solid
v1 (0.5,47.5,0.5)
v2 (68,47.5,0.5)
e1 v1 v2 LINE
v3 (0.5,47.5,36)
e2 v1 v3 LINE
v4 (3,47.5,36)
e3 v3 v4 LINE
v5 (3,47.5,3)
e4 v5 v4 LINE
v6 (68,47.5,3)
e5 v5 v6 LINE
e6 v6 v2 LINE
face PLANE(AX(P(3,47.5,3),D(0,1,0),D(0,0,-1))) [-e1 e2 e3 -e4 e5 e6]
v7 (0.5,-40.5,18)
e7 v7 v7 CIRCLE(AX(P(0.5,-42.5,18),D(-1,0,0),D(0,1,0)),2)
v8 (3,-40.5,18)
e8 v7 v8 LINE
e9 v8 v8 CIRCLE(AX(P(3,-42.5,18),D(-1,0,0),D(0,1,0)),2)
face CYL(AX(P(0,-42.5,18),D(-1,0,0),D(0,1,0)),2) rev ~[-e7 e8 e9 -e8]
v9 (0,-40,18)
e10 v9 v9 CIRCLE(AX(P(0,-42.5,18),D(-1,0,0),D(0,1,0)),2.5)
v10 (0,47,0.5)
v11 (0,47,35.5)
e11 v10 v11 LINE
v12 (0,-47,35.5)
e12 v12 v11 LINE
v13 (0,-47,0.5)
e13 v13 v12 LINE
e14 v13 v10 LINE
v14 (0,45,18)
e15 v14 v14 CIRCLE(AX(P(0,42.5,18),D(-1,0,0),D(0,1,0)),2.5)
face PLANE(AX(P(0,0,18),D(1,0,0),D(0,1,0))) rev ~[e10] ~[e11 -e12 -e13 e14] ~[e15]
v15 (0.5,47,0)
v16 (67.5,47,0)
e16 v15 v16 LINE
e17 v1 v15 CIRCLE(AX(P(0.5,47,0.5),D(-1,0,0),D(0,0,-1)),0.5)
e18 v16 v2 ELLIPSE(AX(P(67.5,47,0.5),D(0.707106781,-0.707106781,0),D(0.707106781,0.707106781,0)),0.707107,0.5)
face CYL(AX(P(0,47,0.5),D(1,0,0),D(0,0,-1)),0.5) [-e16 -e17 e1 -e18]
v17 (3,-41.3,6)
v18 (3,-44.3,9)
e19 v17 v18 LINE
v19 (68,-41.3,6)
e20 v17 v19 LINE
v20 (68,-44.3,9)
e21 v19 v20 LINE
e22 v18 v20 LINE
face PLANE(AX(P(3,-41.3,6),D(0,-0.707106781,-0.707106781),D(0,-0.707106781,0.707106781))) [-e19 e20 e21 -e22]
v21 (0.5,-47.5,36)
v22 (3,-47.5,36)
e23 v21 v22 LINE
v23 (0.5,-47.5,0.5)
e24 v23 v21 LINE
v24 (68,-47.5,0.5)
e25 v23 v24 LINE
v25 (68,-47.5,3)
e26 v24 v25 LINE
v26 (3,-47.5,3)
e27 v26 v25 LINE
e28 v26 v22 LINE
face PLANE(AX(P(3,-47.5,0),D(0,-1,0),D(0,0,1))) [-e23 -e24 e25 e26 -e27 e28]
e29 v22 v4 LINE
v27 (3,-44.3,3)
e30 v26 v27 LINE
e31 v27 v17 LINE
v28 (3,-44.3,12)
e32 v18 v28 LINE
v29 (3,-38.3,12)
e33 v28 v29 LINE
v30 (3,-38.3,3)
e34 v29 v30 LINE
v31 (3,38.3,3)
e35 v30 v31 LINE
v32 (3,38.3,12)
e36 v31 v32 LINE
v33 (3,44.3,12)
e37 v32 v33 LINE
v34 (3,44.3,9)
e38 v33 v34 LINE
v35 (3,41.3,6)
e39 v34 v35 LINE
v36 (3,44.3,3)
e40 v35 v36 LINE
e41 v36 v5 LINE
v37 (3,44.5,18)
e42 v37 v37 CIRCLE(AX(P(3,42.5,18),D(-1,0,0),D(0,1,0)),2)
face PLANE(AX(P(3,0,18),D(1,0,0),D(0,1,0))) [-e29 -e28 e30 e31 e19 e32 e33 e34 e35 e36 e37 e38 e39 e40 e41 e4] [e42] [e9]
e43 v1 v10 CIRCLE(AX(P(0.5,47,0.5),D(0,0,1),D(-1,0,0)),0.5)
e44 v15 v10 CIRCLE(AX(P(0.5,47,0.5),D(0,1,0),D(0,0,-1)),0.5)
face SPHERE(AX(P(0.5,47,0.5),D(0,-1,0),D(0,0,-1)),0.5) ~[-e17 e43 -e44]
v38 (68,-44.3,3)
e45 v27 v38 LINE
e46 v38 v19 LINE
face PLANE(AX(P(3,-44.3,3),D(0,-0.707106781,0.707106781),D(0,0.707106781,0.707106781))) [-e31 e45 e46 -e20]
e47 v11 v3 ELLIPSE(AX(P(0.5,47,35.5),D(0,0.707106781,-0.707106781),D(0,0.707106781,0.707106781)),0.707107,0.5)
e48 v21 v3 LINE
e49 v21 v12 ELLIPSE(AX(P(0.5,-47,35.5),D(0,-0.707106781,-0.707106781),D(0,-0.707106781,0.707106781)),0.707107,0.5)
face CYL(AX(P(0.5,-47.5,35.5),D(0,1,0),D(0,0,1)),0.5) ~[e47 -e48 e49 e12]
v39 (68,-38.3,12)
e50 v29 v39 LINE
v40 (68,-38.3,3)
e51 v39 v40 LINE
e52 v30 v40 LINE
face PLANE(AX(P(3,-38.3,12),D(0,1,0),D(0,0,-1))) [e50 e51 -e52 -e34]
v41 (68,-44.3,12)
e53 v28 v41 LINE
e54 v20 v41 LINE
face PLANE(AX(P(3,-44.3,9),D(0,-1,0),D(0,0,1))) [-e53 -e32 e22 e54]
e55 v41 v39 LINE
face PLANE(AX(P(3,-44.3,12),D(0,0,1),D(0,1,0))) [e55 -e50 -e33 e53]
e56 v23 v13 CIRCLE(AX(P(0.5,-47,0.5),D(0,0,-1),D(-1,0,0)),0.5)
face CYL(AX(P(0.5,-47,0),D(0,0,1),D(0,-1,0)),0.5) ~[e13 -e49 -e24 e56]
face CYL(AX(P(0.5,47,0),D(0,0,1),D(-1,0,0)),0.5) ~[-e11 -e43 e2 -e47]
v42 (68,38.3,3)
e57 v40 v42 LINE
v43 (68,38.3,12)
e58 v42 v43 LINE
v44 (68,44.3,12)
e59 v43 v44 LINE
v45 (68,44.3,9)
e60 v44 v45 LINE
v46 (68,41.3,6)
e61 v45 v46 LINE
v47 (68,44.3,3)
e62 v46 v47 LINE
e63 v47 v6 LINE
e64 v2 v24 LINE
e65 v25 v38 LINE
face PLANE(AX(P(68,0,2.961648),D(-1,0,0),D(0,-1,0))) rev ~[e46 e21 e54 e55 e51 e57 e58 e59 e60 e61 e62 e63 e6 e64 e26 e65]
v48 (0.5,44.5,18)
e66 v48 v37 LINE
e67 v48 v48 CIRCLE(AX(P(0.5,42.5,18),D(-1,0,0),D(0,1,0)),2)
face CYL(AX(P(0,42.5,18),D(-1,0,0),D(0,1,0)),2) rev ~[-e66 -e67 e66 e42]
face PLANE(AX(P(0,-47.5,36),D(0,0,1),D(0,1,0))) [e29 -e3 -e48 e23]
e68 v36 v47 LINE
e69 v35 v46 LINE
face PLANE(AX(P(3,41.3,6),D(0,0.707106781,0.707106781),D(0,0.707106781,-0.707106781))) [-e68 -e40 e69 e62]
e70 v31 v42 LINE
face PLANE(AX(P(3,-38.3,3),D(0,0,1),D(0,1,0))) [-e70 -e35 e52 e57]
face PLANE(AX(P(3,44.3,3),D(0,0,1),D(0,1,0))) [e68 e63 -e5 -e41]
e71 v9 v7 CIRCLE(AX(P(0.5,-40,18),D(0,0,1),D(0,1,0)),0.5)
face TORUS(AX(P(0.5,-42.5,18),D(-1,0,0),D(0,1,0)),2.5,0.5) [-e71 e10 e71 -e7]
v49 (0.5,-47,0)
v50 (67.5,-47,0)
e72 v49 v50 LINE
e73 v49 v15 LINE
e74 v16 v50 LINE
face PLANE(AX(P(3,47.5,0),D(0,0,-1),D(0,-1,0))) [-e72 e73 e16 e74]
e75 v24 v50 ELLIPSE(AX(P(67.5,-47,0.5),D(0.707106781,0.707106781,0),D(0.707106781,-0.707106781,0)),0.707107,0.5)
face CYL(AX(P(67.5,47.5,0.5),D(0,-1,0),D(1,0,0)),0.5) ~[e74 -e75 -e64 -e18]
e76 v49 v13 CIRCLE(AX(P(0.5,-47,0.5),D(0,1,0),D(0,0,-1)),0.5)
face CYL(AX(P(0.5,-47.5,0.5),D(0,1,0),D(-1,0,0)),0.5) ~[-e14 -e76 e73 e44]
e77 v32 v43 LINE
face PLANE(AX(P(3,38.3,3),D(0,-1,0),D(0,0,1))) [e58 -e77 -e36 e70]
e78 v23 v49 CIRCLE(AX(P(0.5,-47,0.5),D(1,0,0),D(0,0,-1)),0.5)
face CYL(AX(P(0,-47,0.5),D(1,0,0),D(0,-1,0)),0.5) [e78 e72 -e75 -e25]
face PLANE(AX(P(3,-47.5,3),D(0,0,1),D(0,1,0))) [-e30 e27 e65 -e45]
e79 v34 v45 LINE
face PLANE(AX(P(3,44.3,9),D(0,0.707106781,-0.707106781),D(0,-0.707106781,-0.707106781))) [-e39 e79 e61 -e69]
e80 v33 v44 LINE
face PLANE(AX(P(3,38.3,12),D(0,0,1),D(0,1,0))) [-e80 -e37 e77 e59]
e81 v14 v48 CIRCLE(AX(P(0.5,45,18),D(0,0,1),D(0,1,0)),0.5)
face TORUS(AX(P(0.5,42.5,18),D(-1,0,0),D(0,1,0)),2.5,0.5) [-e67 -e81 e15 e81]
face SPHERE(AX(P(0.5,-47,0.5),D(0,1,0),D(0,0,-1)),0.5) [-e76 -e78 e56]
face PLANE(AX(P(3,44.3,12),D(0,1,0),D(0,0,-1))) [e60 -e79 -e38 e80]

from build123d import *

# Parameters (mm, degrees)
SKETCH_W     = 95
SKETCH_H     = 36
PAD_DEPTH    = 3
PAD001_DEPTH = 65
SKETCH002_R  = 2
POCKET_DEPTH = 68.001
FILLET_R     = 0.5


with BuildPart() as part:
    # Sketch → Pad (new body)
    with BuildSketch(Plane.YZ):
        with Locations((0, 18)):
            Rectangle(SKETCH_W, SKETCH_H)
    extrude(amount=PAD_DEPTH)

    # Sketch001 (on Face6 of Pad) → Pad001 (join)
    with BuildSketch(Plane.YZ.offset(3)):
        Polygon((-47.5, 0), (-47.5, 3), (-44.3, 3), (-41.3, 6), (-44.3, 9), (-44.3, 12), (-38.3, 12), (-38.3, 3), (38.3, 3), (38.3, 12), (44.3, 12), (44.3, 9), (41.3, 6), (44.3, 3), (47.5, 3), (47.5, 0), align=None)
    extrude(amount=PAD001_DEPTH)

    # Sketch002 (on Face1 of Pad001) → Pocket (cut, through all)
    with BuildSketch(Plane(origin=(0, 0, 0), x_dir=(0, 1, 0), z_dir=(-1, 0, 0))):
        with Locations((-42.5, -18)):
            Circle(SKETCH002_R)
        with Locations((42.5, -18)):
            Circle(SKETCH002_R)
    extrude(amount=-POCKET_DEPTH, mode=Mode.SUBTRACT)

    # Fillet
    fillet_edges = [part.edges().sort_by_distance(p)[0] for p in [
        (0, 0, 0),
        (34, 47.5, 0),
        (68, 0, 0),
        (34, -47.5, 0),
        (0, -47.5, 18),
        (0, 47.5, 18),
        (0, 0, 36),
        (0, 40.5, 18),
        (0, -44.5, 18),
    ]]
    fillet(fillet_edges, radius=FILLET_R)


solid = part.part
